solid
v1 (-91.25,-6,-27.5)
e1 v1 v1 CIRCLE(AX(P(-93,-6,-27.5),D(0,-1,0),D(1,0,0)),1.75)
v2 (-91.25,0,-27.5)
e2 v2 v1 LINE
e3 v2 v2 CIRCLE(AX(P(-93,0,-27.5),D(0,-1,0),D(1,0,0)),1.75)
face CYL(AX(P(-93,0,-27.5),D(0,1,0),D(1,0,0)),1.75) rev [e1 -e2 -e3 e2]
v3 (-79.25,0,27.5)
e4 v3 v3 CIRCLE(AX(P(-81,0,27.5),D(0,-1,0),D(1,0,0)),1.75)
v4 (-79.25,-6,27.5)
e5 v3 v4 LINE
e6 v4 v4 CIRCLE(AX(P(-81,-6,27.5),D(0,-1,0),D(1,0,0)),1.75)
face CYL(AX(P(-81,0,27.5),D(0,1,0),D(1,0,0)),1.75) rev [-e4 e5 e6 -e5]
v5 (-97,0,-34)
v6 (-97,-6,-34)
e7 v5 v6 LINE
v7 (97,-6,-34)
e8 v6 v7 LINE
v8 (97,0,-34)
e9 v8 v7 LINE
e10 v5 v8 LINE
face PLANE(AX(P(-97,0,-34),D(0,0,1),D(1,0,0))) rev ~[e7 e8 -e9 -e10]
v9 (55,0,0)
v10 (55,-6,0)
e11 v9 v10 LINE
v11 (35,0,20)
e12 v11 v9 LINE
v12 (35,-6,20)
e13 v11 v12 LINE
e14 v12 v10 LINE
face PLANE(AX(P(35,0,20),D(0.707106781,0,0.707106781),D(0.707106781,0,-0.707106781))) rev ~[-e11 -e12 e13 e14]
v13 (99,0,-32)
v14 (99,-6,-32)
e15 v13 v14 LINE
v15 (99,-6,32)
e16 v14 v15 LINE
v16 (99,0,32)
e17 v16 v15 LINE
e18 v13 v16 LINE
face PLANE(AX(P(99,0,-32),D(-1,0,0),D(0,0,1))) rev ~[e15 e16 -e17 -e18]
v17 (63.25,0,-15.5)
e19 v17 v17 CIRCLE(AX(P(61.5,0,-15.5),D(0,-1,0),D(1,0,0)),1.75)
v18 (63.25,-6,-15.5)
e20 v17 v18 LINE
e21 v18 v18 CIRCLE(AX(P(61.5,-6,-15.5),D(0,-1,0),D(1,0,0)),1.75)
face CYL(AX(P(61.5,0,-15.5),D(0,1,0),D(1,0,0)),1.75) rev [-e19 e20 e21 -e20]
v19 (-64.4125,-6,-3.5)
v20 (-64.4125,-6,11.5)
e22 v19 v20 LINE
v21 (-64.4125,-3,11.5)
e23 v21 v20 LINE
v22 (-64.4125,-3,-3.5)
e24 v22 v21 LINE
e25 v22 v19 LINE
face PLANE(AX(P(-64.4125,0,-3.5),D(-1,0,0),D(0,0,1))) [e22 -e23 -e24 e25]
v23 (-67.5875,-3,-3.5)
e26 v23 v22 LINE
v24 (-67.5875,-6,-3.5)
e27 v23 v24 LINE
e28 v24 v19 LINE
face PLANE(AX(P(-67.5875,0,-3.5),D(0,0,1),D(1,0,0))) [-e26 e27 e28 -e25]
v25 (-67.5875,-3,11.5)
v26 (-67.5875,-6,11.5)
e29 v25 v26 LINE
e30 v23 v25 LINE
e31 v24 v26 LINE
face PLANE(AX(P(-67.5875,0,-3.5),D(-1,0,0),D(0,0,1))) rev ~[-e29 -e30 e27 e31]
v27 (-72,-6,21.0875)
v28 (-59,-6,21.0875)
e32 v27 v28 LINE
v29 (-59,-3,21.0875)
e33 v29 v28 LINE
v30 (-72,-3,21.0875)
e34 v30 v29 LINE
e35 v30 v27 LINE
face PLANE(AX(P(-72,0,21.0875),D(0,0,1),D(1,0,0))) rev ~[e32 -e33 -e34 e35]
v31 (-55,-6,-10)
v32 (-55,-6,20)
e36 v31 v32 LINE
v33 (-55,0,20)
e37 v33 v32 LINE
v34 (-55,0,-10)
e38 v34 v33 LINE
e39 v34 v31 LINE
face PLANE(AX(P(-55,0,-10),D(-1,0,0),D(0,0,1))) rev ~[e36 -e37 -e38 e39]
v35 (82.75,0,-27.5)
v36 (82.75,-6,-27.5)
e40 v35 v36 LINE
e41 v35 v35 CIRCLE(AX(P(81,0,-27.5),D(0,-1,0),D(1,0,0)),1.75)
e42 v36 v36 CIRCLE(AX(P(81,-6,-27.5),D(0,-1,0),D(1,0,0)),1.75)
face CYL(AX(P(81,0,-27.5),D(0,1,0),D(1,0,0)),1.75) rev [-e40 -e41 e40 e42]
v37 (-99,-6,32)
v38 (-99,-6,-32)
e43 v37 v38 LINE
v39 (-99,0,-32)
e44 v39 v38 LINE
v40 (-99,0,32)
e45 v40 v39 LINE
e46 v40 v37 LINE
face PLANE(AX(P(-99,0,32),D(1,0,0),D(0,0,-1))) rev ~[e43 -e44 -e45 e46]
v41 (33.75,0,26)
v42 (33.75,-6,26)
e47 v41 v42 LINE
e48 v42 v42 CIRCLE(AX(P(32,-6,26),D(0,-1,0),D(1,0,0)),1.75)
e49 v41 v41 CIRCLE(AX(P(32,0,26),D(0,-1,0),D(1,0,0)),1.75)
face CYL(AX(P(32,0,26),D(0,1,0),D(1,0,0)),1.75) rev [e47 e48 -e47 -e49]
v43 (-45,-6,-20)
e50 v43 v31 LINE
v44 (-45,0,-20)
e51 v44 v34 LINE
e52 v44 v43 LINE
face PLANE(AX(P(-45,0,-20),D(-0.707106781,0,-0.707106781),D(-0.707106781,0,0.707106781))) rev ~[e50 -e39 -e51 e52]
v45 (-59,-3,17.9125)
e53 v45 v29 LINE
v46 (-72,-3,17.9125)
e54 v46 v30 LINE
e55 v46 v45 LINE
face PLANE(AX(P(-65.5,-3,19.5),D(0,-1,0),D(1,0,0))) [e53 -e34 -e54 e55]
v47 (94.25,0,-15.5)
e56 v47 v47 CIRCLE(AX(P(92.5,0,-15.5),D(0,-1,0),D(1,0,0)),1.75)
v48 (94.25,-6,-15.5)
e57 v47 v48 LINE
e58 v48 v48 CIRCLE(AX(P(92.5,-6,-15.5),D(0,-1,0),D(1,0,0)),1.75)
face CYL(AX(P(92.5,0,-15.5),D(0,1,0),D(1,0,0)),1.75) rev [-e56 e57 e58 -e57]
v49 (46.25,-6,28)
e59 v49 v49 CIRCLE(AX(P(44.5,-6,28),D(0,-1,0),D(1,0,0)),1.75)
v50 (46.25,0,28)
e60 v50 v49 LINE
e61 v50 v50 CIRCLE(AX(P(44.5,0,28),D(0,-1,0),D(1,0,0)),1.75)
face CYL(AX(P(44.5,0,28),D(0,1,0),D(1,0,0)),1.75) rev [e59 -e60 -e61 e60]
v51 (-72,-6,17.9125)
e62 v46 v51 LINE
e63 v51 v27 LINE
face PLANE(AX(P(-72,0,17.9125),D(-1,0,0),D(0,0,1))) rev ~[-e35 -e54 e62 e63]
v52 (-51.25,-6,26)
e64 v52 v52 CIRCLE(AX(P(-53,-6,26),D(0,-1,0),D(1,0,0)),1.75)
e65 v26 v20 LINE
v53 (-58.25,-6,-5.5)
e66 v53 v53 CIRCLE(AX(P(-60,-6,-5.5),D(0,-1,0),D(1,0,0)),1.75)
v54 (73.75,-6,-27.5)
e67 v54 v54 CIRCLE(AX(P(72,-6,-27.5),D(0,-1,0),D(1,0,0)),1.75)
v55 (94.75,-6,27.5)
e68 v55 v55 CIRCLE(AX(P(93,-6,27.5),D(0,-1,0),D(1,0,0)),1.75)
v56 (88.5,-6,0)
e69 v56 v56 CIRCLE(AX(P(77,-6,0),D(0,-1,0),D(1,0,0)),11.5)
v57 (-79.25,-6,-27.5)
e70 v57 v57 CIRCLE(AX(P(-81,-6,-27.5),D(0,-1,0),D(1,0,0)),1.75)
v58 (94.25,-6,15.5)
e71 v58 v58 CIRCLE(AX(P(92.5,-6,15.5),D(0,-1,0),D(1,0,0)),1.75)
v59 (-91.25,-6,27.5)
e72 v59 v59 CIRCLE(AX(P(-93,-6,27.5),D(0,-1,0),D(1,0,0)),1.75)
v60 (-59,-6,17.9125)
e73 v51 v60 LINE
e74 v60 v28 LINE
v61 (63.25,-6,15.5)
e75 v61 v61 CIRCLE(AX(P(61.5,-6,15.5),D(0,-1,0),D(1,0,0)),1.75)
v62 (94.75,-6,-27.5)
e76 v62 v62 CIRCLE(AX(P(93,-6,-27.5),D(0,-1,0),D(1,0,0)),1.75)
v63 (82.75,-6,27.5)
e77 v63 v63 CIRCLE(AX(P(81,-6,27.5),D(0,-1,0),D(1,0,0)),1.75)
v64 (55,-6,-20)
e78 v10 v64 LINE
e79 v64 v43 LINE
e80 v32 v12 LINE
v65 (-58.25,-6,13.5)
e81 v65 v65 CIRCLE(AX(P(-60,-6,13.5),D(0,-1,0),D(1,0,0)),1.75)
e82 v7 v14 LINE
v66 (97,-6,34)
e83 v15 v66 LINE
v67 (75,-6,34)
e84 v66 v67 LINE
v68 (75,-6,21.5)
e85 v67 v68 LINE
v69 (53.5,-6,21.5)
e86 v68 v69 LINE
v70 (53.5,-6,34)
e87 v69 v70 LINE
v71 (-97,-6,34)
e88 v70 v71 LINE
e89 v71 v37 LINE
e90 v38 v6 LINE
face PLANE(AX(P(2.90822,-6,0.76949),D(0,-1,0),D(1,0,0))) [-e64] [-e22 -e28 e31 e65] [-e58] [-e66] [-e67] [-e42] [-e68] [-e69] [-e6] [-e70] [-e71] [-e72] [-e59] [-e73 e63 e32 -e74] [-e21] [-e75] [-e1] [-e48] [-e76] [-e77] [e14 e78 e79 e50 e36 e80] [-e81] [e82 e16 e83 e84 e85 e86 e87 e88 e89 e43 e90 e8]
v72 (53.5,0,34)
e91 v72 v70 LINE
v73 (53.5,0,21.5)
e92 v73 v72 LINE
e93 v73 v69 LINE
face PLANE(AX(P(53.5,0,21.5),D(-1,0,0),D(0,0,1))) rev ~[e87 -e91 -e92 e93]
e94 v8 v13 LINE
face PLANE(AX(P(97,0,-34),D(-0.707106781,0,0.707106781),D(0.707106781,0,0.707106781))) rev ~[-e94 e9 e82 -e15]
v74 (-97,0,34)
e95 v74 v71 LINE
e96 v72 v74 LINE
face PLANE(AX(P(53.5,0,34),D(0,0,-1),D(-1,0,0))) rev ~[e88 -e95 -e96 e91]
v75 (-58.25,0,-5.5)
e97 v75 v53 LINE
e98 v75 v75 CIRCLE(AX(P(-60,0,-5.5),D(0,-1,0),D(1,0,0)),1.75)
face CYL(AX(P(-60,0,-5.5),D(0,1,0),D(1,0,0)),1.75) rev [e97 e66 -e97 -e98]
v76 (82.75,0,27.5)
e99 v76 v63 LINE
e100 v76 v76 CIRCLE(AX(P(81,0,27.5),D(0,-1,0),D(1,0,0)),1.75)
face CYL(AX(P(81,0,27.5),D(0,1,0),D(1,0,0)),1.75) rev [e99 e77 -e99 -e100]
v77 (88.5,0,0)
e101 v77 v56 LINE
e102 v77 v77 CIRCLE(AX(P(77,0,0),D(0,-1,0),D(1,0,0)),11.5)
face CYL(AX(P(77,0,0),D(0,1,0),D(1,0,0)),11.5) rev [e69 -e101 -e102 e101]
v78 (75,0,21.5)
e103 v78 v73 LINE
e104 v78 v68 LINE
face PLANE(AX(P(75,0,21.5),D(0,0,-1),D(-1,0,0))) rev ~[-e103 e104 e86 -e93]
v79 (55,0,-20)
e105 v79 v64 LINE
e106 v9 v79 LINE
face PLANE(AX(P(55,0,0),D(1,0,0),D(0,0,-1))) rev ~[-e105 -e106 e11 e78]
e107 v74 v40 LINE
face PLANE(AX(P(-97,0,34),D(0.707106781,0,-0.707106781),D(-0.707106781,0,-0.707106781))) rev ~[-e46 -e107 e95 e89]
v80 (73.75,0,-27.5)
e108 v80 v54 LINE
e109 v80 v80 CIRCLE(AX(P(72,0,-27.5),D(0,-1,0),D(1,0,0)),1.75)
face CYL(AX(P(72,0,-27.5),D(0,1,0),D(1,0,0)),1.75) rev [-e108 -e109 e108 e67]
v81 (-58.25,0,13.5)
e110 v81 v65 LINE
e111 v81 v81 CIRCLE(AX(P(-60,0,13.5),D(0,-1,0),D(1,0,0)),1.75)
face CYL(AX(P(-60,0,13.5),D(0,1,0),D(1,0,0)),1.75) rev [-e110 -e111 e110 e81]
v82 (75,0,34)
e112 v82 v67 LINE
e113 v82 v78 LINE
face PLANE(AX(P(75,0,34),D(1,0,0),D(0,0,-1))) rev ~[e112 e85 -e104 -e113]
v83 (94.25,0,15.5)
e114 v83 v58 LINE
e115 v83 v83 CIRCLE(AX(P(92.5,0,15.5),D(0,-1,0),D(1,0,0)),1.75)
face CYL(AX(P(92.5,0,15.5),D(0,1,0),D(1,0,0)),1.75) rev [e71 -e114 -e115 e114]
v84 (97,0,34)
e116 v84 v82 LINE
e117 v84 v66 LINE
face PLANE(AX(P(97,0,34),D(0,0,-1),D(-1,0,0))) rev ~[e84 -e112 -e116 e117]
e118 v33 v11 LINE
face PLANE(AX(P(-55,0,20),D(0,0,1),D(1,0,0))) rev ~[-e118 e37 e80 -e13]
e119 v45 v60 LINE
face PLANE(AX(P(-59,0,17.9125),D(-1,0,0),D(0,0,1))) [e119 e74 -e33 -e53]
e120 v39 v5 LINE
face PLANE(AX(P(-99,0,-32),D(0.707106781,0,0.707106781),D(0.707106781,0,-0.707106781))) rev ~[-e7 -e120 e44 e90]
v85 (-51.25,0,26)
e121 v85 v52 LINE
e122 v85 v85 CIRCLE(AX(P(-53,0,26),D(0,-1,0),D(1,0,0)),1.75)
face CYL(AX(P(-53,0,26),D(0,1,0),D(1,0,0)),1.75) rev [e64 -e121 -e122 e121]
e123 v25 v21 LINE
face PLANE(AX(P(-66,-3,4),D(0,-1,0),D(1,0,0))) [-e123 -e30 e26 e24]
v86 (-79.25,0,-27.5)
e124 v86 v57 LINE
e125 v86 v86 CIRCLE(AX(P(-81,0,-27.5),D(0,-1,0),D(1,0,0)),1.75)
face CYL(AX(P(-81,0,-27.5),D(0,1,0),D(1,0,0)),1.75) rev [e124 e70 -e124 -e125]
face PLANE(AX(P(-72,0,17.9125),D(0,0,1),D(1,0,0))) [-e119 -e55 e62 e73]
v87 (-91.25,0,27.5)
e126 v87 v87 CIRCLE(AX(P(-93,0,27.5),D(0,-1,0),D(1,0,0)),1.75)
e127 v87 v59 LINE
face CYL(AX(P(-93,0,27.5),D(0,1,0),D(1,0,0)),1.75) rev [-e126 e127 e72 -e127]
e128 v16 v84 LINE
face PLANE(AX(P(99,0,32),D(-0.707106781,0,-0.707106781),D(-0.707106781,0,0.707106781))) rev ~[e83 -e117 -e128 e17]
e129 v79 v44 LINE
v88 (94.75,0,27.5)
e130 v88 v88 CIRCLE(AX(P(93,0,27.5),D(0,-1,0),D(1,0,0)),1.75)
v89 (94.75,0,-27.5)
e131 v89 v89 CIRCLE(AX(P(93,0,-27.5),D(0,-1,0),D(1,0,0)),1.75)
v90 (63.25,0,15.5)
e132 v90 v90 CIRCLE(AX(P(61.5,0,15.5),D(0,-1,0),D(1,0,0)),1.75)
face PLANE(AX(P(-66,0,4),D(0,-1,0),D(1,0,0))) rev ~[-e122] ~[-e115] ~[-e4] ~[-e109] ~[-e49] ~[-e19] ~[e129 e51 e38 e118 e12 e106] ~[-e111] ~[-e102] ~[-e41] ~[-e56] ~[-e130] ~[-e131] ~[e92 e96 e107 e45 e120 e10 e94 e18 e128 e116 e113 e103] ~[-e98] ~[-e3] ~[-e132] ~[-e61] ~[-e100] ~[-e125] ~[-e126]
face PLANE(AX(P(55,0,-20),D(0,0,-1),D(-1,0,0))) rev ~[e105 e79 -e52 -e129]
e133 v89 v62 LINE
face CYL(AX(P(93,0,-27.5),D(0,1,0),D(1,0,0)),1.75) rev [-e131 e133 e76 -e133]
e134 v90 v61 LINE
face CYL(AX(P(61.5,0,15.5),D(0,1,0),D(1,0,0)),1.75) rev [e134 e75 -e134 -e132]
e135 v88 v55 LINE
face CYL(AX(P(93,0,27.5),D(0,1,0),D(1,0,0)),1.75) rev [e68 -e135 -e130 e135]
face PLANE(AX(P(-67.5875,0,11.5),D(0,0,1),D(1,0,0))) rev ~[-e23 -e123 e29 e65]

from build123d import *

# Parameters (mm, degrees)
F1_R     = 1.75
F1_W     = 3.175
F1_H     = 15
F1_W_2   = 13
F1_H_2   = 3.175
F1_R_2   = 11.5
F2_DEPTH = 6
F3_DEPTH = 3


with BuildPart() as f2:
    # F1 (on Front) → F2 (new body)
    with BuildSketch(Plane.XZ):
        Polygon((99, 32), (97, 34), (75, 34), (75, 21.5), (53.5, 21.5), (53.5, 34), (-97, 34), (-99, 32), (-99, -32), (-97, -34), (97, -34), (99, -32), align=None)
        with Locations((-93, -27.5)):
            Circle(F1_R, mode=Mode.SUBTRACT)
        with Locations((-81, -27.5)):
            Circle(F1_R, mode=Mode.SUBTRACT)
        with Locations((-60, -5.5)):
            Circle(F1_R, mode=Mode.SUBTRACT)
        with Locations((72, -27.5)):
            Circle(F1_R, mode=Mode.SUBTRACT)
        with Locations((81, -27.5)):
            Circle(F1_R, mode=Mode.SUBTRACT)
        with Locations((93, -27.5)):
            Circle(F1_R, mode=Mode.SUBTRACT)
        with Locations((61.5, -15.5)):
            Circle(F1_R, mode=Mode.SUBTRACT)
        with Locations((92.5, -15.5)):
            Circle(F1_R, mode=Mode.SUBTRACT)
        with Locations((-66, 4)):
            Rectangle(F1_W, F1_H, mode=Mode.SUBTRACT)
        with Locations((-60, 13.5)):
            Circle(F1_R, mode=Mode.SUBTRACT)
        with Locations((-65.5, 19.5)):
            Rectangle(F1_W_2, F1_H_2, mode=Mode.SUBTRACT)
        with Locations((-93, 27.5)):
            Circle(F1_R, mode=Mode.SUBTRACT)
        with Locations((-81, 27.5)):
            Circle(F1_R, mode=Mode.SUBTRACT)
        with Locations((-53, 26)):
            Circle(F1_R, mode=Mode.SUBTRACT)
        Polygon((-55, -10), (-55, 20), (35, 20), (55, 0), (55, -20), (-45, -20), align=None, mode=Mode.SUBTRACT)
        with Locations((77, 0)):
            Circle(F1_R_2, mode=Mode.SUBTRACT)
        with Locations((61.5, 15.5)):
            Circle(F1_R, mode=Mode.SUBTRACT)
        with Locations((92.5, 15.5)):
            Circle(F1_R, mode=Mode.SUBTRACT)
        with Locations((32, 26)):
            Circle(F1_R, mode=Mode.SUBTRACT)
        with Locations((44.5, 28)):
            Circle(F1_R, mode=Mode.SUBTRACT)
        with Locations((81, 27.5)):
            Circle(F1_R, mode=Mode.SUBTRACT)
        with Locations((93, 27.5)):
            Circle(F1_R, mode=Mode.SUBTRACT)
    extrude(amount=F2_DEPTH)

    # F1 (on Front) → F3 (join)
    with BuildSketch(Plane.XZ):
        with Locations((-66, 4)):
            Rectangle(F1_W, F1_H)
        with Locations((-65.5, 19.5)):
            Rectangle(F1_W_2, F1_H_2)
    extrude(amount=F3_DEPTH)


solid = f2.part
